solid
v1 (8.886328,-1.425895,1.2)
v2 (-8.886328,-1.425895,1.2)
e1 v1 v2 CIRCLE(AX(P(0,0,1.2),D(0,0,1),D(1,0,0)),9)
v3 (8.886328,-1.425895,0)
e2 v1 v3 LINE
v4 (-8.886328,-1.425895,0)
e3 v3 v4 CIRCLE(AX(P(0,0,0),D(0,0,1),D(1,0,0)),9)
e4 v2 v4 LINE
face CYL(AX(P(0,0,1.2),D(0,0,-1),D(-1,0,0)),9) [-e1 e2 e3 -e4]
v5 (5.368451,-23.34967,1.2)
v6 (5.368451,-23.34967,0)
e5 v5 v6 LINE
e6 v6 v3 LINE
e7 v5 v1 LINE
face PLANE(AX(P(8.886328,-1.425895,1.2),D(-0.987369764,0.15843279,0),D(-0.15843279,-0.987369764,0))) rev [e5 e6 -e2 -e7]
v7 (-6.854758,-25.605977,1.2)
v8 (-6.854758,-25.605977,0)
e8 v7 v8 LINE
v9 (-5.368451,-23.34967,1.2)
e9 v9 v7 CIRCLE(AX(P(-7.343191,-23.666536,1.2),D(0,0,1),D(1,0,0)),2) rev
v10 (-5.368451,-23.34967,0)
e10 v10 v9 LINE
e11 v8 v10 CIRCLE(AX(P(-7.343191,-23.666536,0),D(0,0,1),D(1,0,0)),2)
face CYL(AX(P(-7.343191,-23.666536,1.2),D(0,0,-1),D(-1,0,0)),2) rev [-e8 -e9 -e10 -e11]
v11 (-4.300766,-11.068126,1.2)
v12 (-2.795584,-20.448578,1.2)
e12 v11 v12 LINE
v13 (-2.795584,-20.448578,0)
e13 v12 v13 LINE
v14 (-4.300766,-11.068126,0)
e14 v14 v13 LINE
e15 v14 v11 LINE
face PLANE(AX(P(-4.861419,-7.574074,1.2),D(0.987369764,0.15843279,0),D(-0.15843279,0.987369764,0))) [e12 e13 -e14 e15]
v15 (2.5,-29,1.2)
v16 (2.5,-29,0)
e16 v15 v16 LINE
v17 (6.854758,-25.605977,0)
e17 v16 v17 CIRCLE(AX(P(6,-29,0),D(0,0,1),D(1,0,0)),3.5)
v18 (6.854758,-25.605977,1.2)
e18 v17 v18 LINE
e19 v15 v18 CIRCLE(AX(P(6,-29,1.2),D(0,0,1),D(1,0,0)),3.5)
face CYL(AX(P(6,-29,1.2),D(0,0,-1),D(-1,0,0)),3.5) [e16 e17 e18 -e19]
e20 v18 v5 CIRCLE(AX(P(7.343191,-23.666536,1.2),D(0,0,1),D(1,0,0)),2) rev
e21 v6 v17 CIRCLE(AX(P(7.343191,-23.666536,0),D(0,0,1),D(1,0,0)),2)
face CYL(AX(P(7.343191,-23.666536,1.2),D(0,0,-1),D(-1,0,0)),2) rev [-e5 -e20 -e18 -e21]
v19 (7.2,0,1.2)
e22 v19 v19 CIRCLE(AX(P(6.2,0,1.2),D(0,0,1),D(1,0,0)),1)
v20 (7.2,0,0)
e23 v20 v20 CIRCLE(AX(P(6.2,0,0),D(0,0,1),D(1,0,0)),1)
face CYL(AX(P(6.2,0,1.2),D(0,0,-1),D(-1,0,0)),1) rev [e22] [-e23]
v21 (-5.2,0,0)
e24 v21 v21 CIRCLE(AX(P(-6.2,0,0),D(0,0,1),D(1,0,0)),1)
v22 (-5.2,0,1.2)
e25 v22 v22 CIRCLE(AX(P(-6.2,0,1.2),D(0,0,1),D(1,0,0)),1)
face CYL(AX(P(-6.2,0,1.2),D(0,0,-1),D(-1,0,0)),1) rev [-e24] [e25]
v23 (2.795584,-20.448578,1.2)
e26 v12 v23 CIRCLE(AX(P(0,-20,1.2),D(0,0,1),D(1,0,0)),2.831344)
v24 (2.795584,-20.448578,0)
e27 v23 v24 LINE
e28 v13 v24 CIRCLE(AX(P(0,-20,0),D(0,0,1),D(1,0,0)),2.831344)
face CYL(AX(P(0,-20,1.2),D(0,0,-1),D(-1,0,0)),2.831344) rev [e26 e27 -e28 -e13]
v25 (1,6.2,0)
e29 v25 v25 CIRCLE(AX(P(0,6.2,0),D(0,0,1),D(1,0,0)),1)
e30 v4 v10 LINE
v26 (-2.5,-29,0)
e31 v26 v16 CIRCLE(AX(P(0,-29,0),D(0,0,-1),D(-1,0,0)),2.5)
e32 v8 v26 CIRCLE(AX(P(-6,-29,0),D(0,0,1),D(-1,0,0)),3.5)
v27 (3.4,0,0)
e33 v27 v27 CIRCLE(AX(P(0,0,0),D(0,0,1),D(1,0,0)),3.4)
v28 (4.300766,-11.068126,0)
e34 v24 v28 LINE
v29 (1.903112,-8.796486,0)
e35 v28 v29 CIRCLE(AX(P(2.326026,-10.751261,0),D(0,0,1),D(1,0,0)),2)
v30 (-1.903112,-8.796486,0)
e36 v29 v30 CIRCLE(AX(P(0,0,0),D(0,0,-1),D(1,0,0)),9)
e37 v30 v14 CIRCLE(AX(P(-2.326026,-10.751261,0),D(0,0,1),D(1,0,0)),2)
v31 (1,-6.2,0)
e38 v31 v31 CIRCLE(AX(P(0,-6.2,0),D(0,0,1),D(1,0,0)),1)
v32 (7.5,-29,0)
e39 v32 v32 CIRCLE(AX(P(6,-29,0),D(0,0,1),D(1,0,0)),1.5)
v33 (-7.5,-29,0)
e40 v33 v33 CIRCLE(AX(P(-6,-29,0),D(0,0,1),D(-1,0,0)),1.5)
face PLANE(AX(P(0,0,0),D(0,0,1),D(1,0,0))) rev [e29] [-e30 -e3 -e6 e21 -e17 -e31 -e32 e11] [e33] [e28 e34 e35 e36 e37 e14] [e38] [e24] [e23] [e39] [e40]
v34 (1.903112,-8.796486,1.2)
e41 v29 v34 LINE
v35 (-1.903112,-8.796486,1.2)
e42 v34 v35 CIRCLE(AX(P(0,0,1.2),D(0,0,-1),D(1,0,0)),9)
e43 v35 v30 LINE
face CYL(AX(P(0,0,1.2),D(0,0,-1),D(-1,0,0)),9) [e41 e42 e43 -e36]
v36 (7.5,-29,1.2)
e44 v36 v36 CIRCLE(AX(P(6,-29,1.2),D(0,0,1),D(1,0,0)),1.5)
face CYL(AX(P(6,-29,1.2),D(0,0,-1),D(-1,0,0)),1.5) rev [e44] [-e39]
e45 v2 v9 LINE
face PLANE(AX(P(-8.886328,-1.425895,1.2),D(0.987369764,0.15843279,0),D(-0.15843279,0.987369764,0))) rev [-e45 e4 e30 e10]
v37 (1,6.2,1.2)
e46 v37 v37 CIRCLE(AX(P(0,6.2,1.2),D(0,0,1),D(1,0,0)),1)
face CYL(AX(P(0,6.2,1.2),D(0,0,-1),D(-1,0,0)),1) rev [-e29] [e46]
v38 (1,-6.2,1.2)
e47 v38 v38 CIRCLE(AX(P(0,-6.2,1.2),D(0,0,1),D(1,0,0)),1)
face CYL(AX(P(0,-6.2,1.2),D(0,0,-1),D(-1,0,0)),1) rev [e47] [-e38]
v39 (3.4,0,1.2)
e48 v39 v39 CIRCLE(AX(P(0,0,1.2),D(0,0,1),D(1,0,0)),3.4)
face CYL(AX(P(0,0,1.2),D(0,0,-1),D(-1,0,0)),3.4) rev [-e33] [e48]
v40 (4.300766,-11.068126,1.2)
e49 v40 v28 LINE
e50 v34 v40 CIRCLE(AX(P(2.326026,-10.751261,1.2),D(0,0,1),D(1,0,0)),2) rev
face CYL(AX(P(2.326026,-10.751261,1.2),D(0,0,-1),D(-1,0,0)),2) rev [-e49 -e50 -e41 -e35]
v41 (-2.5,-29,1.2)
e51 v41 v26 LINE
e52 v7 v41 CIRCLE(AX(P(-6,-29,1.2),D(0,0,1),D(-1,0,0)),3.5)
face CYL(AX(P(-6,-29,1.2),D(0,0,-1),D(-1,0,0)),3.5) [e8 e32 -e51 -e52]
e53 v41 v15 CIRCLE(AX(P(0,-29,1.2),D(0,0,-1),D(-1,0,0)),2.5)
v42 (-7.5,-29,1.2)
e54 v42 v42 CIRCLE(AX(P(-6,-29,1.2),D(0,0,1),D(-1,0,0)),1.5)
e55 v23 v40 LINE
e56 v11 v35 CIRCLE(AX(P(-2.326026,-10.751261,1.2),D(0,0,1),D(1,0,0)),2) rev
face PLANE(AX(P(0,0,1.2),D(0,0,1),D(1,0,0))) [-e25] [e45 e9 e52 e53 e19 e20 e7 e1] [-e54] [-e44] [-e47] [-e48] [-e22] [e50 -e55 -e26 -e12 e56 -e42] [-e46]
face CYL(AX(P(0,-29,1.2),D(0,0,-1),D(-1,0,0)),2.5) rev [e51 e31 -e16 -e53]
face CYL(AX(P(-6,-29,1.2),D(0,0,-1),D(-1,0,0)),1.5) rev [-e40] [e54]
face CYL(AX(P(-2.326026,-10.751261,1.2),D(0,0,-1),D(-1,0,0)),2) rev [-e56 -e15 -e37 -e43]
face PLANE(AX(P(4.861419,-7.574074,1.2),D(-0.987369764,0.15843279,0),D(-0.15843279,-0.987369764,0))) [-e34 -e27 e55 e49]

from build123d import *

# Parameters (mm, degrees)
SKETCH1_R           = 3.4
SKETCH1_R_2         = 1
SKETCH1_R_3         = 1.5
BOSS_EXTRUDE1_DEPTH = 1.2
FILLET1_R           = 2


with BuildPart() as part:
    # Sketch1 → Boss-Extrude1 (new body)
    with BuildSketch(Plane.XY):
        with BuildLine():
            Line((8.886327877, -1.425895111), (5, -25.645898034))
            ThreePointArc((5, -25.645898034), (8.80624304, -31.091650066), (2.5, -29))
            ThreePointArc((2.5, -29), (0, -26.5), (-2.5, -29))
            ThreePointArc((-2.5, -29), (-8.80624304, -31.091650066), (-5, -25.645898034))
            Line((-5, -25.645898034), (-8.886327877, -1.425895111))
            ThreePointArc((-8.886327877, -1.425895111), (0, 9), (8.886327877, -1.425895111))
        make_face()
        Circle(SKETCH1_R, mode=Mode.SUBTRACT)
        with Locations((0, 6.2)):
            Circle(SKETCH1_R_2, mode=Mode.SUBTRACT)
        with Locations((6.2, 0)):
            Circle(SKETCH1_R_2, mode=Mode.SUBTRACT)
        with Locations((0, -6.2)):
            Circle(SKETCH1_R_2, mode=Mode.SUBTRACT)
        with Locations((-6.2, 0)):
            Circle(SKETCH1_R_2, mode=Mode.SUBTRACT)
        with Locations((6, -29)):
            Circle(SKETCH1_R_3, mode=Mode.SUBTRACT)
        with Locations(Location((-6, -29, 0), (0, 0, 180))):
            Circle(SKETCH1_R_3, mode=Mode.SUBTRACT)
        with BuildLine():
            Line((4.861419119, -7.574074475), (2.795583653, -20.448577761))
            ThreePointArc((2.795583653, -20.448577761), (0, -22.831344198), (-2.795583653, -20.448577761))
            Line((-2.795583653, -20.448577761), (-4.861419119, -7.574074475))
            ThreePointArc((-4.861419119, -7.574074475), (0, -9), (4.861419119, -7.574074475))
        make_face(mode=Mode.SUBTRACT)
    extrude(amount=BOSS_EXTRUDE1_DEPTH)

    # Fillet1
    fillet1_edges = [part.edges().sort_by_distance(p)[0] for p in [
        (5, -25.645898034, 0.6),
        (-5, -25.645898034, 0.6),
        (4.861419119, -7.574074475, 0.6),
        (-4.861419119, -7.574074475, 0.6),
    ]]
    fillet(fillet1_edges, radius=FILLET1_R)


solid = part.part
